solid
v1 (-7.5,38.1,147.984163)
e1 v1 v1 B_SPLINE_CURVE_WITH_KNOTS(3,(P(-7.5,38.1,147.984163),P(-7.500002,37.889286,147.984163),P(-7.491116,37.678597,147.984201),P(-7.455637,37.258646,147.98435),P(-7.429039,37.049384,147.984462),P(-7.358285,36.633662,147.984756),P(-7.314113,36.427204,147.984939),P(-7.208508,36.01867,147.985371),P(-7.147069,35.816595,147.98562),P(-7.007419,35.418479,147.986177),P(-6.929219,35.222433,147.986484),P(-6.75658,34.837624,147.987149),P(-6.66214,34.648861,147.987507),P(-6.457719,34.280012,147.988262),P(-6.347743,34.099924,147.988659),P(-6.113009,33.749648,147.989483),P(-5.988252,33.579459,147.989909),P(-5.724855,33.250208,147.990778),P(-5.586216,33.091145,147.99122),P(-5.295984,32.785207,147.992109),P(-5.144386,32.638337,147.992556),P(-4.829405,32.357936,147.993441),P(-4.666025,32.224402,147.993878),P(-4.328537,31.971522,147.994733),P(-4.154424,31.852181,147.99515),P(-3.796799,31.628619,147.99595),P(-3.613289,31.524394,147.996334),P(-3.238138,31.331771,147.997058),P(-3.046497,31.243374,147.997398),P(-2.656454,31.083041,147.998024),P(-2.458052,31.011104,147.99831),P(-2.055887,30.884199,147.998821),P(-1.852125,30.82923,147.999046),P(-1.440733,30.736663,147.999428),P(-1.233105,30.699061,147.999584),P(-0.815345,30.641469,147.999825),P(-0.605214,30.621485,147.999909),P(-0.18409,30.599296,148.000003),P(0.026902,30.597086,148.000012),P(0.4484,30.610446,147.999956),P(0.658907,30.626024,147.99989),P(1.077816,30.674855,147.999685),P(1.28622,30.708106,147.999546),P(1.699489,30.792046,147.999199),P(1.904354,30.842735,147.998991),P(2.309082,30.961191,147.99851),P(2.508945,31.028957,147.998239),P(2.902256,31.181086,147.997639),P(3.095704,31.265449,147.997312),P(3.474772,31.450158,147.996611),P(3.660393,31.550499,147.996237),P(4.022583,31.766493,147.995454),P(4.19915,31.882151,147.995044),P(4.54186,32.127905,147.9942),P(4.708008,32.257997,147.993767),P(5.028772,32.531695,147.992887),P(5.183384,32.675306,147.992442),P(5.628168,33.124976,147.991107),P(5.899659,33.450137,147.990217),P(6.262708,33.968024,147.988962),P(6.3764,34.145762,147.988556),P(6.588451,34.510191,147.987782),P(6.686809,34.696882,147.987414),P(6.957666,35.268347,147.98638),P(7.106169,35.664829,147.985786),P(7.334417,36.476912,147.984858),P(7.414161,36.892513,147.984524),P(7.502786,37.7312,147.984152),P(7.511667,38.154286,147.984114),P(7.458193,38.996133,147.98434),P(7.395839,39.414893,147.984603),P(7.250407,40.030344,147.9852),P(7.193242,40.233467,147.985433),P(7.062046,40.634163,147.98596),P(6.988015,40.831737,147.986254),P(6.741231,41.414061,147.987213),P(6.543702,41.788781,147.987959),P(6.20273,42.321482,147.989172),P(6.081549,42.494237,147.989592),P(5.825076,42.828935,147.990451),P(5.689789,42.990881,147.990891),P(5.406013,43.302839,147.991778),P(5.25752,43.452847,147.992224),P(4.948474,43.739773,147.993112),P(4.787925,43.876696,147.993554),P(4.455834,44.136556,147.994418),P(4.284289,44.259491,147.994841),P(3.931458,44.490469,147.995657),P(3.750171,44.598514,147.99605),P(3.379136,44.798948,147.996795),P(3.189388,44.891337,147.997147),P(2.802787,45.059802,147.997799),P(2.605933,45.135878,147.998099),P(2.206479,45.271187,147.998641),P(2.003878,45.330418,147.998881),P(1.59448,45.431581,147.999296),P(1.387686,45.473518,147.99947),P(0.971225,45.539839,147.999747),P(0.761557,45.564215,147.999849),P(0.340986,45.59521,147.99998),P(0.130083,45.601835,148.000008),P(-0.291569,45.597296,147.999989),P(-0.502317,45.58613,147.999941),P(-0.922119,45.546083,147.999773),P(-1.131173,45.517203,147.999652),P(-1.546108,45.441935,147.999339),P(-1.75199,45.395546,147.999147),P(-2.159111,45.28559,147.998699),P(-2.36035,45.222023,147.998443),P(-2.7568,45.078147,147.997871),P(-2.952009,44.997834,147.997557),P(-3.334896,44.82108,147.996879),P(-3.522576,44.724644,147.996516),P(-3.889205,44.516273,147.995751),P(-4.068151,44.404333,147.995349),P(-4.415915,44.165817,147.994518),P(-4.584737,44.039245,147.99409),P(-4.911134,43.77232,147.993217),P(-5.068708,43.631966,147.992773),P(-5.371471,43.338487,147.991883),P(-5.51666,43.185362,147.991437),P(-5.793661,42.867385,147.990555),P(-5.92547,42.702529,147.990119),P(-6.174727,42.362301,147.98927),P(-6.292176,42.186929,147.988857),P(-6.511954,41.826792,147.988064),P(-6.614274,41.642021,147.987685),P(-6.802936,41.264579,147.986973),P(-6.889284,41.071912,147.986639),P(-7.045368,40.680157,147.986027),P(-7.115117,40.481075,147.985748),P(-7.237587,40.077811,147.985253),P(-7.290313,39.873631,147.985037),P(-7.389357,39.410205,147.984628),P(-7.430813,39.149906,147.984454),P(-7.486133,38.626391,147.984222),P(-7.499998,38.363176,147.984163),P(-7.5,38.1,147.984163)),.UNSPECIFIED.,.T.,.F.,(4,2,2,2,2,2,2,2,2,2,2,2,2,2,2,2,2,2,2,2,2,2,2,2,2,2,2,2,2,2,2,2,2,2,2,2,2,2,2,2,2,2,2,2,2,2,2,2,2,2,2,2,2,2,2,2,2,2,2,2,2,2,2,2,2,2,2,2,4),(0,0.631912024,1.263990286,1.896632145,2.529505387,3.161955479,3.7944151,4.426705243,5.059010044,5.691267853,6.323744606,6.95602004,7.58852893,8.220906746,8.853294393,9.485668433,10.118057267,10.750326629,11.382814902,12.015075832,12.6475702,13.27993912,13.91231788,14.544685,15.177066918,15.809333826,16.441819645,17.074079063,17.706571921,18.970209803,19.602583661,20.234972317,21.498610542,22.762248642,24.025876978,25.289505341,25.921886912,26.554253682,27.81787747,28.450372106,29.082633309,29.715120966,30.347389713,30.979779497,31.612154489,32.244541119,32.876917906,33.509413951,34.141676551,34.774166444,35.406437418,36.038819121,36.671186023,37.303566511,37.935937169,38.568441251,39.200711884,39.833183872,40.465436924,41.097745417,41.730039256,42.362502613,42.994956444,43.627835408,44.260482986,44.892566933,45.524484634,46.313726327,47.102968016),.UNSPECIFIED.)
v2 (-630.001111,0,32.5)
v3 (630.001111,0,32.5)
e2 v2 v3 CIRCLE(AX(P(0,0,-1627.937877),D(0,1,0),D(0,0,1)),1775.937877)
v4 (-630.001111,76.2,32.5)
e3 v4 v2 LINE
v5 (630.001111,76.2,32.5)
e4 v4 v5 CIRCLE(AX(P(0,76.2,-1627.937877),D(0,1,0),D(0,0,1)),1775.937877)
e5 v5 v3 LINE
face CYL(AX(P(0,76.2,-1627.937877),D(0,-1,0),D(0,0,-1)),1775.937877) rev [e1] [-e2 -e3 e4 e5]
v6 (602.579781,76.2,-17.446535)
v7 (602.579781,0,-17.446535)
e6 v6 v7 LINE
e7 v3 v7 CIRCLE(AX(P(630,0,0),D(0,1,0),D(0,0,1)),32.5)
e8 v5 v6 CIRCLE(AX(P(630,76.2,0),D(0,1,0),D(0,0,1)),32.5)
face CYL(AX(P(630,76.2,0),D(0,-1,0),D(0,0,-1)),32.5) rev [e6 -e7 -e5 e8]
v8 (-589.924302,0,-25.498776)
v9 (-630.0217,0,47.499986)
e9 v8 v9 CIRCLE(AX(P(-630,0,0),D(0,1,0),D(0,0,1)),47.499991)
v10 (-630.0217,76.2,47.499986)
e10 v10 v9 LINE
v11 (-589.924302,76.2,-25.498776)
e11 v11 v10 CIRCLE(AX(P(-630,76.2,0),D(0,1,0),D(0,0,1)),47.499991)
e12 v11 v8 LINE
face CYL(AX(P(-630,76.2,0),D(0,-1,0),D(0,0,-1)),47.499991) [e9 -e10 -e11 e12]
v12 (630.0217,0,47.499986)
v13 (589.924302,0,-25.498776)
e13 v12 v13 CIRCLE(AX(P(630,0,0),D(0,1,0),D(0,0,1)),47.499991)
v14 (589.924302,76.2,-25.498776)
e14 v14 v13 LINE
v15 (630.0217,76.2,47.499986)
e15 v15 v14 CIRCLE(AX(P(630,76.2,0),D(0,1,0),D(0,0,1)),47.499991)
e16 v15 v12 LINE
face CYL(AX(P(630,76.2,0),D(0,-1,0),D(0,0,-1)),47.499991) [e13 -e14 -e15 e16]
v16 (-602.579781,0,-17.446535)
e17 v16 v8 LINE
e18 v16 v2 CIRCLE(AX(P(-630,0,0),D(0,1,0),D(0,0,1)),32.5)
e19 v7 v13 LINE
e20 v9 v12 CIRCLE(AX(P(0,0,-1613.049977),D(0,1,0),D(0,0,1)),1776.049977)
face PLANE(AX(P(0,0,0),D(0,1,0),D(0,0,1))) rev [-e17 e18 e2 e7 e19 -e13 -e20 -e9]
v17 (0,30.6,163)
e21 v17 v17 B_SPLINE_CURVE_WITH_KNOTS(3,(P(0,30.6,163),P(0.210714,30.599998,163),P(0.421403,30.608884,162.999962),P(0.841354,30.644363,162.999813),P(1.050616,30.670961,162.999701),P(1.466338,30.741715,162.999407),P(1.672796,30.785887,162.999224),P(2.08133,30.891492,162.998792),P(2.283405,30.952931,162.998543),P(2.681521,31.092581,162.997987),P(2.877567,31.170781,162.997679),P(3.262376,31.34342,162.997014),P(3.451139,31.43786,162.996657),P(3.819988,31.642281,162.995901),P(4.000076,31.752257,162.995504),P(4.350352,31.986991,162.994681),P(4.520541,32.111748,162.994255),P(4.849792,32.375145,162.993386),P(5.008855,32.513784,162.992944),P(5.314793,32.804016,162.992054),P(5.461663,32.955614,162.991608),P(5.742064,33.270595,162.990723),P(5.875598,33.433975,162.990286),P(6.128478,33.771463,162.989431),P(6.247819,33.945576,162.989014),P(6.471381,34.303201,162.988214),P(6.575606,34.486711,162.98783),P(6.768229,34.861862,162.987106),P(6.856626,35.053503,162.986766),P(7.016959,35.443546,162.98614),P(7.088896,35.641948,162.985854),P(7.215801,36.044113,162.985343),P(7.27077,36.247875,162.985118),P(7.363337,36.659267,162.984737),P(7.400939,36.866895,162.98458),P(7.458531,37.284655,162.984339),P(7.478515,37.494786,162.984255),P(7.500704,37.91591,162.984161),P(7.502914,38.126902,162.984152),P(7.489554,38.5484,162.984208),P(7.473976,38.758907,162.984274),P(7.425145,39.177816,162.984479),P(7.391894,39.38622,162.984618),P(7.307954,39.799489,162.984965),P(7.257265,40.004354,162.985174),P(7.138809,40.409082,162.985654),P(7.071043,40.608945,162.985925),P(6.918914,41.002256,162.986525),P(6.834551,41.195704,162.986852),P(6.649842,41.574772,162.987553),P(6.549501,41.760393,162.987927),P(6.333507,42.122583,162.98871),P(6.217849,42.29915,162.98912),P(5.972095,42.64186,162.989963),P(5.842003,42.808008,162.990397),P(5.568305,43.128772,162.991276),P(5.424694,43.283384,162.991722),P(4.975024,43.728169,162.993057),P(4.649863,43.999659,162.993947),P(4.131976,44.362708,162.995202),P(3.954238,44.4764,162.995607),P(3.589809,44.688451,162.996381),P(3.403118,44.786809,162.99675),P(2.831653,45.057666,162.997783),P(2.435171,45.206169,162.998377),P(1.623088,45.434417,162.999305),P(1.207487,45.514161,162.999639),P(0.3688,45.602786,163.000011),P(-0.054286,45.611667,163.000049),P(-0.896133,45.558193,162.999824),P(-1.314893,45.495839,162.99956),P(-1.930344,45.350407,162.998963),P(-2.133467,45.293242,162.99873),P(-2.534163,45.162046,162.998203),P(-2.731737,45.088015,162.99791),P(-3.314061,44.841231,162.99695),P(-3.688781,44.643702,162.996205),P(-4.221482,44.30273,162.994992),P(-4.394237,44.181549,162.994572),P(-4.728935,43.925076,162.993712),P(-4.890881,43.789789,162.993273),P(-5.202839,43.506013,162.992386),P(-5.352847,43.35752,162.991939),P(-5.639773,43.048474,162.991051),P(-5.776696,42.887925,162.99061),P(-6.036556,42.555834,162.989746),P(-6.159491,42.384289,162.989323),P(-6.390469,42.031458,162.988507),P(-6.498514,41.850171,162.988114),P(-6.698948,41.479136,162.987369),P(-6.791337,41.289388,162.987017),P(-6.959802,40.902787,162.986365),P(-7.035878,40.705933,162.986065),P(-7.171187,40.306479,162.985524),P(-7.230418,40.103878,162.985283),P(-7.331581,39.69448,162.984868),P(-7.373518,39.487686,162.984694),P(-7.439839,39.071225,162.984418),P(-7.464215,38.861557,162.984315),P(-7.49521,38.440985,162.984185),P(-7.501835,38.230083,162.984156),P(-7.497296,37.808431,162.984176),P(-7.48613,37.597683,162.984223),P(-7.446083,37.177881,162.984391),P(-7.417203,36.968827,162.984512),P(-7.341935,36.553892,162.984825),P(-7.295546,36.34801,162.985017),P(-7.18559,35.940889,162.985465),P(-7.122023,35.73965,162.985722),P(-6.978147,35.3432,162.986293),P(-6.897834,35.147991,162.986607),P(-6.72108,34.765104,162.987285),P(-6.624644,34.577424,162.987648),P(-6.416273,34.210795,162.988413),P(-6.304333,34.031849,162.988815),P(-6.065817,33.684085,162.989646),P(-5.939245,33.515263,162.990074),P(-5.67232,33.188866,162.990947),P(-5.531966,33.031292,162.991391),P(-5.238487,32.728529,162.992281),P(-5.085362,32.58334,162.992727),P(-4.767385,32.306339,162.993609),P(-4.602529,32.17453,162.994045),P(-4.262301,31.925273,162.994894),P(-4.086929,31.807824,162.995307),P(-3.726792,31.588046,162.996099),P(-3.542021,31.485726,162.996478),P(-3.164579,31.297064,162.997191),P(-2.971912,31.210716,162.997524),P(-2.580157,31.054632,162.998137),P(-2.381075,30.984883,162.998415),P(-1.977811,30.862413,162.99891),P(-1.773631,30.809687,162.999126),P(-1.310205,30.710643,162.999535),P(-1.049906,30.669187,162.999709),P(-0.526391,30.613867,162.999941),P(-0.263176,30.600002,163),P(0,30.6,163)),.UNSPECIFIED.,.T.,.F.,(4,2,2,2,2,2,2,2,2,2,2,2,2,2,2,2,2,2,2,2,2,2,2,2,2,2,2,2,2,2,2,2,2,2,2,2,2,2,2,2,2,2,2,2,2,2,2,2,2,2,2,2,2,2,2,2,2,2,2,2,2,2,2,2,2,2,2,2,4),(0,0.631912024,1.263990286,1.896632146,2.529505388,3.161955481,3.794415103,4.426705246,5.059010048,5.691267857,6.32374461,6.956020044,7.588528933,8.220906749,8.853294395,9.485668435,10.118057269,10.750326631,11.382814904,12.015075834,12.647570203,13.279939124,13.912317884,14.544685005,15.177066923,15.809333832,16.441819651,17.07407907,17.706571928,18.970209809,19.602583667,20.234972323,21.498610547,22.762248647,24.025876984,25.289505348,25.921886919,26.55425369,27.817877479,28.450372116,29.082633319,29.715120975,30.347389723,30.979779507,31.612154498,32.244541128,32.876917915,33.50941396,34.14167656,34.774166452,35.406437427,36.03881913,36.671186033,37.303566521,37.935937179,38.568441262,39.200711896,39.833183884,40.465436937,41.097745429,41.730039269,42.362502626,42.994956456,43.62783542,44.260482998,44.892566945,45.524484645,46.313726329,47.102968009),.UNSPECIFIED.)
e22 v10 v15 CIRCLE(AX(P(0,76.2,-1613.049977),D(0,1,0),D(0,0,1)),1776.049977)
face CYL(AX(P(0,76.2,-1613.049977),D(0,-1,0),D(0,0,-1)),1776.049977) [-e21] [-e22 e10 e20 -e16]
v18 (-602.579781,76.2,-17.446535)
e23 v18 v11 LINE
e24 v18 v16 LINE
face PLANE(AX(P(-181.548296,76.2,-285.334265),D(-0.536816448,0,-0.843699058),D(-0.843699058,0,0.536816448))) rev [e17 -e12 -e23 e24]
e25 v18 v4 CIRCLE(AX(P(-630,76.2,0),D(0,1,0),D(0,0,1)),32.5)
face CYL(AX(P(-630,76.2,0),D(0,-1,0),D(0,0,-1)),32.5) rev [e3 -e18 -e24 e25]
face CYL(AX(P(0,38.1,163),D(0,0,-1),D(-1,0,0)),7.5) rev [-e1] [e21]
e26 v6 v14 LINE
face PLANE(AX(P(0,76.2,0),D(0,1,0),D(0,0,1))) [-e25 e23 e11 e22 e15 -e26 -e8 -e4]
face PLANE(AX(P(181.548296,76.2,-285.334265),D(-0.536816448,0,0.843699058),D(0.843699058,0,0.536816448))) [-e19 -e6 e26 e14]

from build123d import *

# Parameters (mm, degrees)
BOSS_EXTRUDE1_DEPTH = 76.2
SKETCH6_R           = 7.5
CUT_EXTRUDE1_DEPTH  = 164


with BuildPart() as part:
    # Sketch1 → Boss-Extrude1 (new body)
    with BuildSketch(Plane(origin=(0, 0, 0), x_dir=(1, 0, 0), z_dir=(0, 1, 0))):
        with BuildLine():
            ThreePointArc((-630.001110861, -32.499999959), (-658.488874236, 15.640781416), (-602.579780619, 17.446534545))
            Line((-602.579780619, 17.446534545), (-589.924302497, 25.498776329))
            ThreePointArc((-589.924302497, 25.498776329), (-671.63274562, 22.868397775), (-630.021699517, -47.499985829))
            ThreePointArc((-630.021699517, -47.499985829), (0, -163), (630.021699517, -47.499985829))
            ThreePointArc((630.021699517, -47.499985829), (671.63274562, 22.868397775), (589.924302497, 25.498776329))
            Line((589.924302497, 25.498776329), (602.579780619, 17.446534545))
            ThreePointArc((602.579780619, 17.446534545), (658.488874236, 15.640781416), (630.001110861, -32.499999959))
            ThreePointArc((630.001110861, -32.499999959), (0, -148), (-630.001110861, -32.499999959))
        make_face()
    extrude(amount=BOSS_EXTRUDE1_DEPTH)

    # Sketch6 → Cut-Extrude1 (cut, through all)
    with BuildSketch(Plane.XY):
        with Locations((0, 38.1)):
            Circle(SKETCH6_R)
    extrude(amount=CUT_EXTRUDE1_DEPTH, mode=Mode.SUBTRACT)


solid = part.part
